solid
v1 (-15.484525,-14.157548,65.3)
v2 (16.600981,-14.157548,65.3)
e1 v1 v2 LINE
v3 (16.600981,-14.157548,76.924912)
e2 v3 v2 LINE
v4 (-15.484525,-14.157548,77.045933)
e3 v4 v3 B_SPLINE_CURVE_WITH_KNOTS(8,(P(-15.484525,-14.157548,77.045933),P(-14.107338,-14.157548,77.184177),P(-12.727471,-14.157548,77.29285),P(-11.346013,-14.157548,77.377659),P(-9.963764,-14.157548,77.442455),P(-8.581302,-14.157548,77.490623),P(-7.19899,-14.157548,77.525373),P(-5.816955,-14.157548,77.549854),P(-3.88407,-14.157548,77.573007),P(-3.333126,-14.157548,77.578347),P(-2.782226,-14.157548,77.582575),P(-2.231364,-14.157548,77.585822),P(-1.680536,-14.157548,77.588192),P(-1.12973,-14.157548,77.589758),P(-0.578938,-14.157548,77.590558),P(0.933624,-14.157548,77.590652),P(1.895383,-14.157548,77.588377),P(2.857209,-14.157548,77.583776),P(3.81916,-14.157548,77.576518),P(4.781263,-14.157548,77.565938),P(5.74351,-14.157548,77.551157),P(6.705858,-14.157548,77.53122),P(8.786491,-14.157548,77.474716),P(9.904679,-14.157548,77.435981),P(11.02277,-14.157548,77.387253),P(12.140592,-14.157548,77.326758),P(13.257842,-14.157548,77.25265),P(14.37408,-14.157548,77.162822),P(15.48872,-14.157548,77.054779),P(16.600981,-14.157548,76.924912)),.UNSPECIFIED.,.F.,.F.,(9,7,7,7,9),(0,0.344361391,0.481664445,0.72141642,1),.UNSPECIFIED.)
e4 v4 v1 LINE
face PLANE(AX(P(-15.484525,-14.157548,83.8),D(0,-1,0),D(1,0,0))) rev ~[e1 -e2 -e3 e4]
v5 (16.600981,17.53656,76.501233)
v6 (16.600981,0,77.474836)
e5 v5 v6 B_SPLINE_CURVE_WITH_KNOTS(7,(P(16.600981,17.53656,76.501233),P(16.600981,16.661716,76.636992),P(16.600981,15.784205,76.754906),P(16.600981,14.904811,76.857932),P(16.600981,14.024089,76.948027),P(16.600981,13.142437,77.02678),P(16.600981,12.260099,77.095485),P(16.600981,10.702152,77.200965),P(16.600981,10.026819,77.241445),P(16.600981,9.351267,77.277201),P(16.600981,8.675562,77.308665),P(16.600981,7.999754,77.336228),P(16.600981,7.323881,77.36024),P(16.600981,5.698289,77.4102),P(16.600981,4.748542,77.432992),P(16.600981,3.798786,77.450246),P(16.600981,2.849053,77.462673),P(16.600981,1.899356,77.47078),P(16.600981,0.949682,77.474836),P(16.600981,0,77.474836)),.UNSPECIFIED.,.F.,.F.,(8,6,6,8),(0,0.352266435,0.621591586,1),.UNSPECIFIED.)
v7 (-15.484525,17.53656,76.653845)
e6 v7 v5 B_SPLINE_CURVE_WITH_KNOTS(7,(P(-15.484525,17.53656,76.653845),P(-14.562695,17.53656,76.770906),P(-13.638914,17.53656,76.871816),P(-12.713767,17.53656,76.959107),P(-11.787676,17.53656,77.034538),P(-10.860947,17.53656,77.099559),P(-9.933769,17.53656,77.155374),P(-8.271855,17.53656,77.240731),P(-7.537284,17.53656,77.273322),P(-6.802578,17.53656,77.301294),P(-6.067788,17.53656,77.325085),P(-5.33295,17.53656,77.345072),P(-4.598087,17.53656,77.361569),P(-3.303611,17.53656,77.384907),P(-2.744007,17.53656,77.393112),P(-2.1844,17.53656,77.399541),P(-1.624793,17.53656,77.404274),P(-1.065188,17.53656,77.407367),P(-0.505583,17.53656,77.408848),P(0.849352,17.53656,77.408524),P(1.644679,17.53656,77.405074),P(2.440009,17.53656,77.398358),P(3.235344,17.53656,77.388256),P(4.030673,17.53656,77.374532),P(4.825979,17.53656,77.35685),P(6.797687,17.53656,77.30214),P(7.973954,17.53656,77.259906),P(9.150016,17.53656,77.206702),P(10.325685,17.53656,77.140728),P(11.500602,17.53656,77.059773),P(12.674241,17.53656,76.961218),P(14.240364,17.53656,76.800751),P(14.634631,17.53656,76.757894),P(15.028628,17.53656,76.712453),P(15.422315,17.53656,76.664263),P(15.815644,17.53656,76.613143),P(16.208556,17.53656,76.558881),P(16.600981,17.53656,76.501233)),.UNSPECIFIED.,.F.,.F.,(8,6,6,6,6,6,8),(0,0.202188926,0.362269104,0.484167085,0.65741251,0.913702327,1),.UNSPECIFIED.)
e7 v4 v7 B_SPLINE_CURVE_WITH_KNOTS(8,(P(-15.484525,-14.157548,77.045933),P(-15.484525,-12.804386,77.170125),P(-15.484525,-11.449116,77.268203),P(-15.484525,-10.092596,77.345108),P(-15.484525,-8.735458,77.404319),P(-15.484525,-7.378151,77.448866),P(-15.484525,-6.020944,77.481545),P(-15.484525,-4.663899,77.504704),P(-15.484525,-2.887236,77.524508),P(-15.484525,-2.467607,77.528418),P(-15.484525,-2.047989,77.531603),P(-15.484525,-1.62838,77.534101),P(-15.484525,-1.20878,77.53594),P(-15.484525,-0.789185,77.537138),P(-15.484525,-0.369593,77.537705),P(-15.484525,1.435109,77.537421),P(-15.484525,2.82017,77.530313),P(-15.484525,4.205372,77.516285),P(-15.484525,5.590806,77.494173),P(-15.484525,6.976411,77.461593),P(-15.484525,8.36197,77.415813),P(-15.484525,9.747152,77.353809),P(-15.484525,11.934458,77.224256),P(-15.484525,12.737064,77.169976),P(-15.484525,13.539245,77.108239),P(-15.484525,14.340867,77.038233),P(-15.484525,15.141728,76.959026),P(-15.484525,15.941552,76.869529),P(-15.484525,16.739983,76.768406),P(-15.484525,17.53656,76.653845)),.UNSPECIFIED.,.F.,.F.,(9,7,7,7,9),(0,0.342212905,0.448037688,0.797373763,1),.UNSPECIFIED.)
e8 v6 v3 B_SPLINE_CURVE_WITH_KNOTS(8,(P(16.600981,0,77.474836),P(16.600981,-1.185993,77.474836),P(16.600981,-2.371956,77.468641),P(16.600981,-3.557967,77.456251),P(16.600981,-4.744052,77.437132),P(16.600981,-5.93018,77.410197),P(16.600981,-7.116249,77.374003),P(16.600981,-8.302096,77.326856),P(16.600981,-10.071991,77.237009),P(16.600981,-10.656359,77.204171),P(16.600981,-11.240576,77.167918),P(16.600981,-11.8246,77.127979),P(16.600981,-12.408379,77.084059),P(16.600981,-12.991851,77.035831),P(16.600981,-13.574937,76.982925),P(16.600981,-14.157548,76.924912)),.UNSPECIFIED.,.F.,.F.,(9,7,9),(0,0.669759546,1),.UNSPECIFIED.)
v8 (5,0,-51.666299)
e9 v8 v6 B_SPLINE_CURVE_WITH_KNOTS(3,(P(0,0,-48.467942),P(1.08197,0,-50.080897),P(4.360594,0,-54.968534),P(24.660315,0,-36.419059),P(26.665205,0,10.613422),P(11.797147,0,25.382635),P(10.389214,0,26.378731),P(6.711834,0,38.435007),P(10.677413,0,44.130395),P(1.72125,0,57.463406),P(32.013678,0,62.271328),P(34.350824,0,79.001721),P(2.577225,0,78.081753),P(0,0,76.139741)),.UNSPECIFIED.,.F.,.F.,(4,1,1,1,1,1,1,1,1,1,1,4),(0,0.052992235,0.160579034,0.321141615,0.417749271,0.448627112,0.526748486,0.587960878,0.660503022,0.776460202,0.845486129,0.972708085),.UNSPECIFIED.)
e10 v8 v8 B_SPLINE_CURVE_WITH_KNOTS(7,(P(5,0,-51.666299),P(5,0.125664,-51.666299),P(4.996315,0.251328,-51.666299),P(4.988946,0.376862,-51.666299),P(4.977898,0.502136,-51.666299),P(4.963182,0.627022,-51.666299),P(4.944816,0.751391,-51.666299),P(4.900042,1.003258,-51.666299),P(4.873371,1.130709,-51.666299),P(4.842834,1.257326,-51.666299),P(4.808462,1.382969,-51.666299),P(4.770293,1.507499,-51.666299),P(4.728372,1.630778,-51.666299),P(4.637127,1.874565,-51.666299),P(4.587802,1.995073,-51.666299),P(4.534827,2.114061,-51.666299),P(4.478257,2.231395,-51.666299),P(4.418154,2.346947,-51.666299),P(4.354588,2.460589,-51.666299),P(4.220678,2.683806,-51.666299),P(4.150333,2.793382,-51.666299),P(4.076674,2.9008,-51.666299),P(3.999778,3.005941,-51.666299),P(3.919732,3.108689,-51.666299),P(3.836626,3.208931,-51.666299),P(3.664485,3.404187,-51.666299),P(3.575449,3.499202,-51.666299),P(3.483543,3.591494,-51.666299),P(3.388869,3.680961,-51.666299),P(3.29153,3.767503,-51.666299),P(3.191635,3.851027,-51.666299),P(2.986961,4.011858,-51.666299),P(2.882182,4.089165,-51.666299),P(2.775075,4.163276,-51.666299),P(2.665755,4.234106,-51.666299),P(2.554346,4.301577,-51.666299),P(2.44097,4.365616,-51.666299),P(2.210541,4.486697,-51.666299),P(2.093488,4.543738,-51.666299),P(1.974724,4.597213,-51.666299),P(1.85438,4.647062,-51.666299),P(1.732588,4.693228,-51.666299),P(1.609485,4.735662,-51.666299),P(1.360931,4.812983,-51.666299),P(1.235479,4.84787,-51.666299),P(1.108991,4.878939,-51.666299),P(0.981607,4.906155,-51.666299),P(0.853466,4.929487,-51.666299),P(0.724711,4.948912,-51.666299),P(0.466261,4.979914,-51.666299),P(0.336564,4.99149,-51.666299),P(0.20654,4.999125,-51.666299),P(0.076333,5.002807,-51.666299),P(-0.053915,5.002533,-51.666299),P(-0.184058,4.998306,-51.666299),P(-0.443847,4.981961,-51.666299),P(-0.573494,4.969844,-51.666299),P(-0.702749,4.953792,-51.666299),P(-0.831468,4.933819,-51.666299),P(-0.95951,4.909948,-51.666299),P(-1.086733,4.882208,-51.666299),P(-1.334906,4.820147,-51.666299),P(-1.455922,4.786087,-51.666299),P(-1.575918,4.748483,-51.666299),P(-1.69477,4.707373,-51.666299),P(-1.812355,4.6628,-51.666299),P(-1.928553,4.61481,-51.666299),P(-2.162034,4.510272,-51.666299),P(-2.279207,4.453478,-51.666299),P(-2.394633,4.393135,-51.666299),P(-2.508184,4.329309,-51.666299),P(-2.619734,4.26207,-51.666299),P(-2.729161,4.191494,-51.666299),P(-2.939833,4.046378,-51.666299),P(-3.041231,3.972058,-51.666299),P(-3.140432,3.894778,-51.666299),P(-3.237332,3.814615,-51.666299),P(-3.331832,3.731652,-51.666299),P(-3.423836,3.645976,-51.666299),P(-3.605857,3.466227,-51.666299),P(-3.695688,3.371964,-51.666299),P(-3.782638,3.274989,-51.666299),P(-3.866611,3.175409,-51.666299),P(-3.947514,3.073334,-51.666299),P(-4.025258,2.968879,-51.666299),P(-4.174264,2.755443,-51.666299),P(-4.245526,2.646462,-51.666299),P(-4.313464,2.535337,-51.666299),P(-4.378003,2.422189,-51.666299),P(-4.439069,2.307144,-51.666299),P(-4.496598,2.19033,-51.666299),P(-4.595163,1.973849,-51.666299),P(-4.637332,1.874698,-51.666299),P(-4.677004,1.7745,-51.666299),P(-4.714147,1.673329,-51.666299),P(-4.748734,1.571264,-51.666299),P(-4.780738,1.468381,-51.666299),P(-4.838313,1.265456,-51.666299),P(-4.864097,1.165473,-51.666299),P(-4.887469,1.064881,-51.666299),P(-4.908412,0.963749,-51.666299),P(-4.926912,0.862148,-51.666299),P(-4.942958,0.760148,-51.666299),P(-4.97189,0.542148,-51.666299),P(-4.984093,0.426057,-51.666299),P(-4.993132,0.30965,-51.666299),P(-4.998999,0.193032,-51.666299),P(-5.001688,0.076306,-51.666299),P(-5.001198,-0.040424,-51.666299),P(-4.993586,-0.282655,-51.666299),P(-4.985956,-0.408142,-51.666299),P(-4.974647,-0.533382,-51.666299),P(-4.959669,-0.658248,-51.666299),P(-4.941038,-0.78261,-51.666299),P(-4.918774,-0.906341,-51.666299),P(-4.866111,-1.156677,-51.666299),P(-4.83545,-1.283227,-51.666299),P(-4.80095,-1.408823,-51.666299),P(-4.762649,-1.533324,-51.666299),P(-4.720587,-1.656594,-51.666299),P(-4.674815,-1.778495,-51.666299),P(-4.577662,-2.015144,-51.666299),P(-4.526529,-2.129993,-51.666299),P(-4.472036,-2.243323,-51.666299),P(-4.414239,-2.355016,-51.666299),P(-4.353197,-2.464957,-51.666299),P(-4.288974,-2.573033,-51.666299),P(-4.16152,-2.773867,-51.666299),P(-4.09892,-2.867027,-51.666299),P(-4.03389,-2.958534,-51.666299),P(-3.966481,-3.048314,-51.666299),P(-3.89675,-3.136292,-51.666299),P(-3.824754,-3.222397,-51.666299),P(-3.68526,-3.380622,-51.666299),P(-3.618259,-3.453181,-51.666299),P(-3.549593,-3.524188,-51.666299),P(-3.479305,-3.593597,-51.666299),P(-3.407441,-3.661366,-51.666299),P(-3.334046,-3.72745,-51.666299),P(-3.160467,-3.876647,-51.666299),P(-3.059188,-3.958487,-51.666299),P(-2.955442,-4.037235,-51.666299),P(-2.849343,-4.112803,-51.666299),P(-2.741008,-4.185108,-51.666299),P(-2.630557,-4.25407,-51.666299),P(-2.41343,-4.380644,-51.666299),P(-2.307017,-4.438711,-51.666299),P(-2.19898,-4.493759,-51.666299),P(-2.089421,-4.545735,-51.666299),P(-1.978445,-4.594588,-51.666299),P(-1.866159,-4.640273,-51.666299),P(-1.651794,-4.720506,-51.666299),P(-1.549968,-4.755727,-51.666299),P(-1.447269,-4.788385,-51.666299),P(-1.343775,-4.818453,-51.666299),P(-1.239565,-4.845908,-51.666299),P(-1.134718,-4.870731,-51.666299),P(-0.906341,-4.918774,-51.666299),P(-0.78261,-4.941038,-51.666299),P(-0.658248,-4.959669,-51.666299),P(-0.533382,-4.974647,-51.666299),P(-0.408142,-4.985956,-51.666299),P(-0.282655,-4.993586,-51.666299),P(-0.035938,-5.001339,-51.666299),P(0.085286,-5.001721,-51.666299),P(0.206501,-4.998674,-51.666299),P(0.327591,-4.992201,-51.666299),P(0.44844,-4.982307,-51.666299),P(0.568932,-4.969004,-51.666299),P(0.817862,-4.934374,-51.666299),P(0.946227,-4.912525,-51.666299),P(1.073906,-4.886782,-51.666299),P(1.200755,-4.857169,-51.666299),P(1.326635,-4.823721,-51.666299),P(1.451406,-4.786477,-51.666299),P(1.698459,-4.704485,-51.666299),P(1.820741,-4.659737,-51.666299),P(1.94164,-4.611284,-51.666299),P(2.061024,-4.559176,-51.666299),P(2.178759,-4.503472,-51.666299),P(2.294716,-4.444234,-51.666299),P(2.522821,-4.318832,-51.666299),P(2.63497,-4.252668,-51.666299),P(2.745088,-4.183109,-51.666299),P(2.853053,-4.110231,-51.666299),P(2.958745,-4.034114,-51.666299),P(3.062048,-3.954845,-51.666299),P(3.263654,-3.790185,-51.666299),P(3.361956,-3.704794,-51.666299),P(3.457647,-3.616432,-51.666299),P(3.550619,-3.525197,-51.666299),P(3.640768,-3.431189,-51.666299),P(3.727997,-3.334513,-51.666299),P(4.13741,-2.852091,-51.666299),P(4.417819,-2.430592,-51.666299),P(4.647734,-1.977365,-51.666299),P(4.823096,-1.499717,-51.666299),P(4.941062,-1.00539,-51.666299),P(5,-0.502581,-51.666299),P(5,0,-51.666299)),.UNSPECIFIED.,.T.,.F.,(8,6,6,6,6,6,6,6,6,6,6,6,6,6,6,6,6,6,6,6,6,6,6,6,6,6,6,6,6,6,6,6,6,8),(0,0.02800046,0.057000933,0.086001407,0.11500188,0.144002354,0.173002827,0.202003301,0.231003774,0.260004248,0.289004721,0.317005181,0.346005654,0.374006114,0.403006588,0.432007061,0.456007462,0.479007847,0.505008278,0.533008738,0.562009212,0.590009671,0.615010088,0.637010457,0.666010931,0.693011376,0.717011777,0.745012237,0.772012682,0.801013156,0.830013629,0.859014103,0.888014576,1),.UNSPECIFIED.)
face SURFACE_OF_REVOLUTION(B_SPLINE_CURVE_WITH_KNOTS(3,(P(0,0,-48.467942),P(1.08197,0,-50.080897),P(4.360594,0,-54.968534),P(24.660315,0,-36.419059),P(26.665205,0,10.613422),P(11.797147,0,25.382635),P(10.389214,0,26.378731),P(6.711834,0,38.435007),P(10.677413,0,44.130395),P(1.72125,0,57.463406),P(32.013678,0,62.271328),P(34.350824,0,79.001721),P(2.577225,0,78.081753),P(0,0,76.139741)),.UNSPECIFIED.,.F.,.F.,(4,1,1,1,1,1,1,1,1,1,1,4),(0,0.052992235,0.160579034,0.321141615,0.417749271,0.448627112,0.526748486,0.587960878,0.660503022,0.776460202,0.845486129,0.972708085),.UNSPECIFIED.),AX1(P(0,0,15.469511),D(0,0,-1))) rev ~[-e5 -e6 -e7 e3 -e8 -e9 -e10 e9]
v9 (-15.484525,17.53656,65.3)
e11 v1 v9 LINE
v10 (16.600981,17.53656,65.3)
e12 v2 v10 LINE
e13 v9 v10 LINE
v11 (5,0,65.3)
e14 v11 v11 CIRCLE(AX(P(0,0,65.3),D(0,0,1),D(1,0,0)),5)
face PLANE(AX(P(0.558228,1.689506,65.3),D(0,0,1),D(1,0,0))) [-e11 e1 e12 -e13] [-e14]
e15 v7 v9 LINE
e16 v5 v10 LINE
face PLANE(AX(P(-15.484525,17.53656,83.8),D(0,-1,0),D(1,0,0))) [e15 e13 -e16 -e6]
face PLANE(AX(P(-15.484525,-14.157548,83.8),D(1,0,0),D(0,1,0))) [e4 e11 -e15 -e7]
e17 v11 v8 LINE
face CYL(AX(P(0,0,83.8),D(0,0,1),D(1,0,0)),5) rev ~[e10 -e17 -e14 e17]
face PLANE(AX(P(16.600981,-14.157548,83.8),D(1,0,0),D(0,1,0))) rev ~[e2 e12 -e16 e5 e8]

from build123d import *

# Parameters (mm, degrees)
F3_W     = 32.0855062455
F3_H     = 31.694107689
F4_DEPTH = 18.5
F5_R     = 5
F6_DEPTH = 172.9


with BuildPart() as f1:
    # F0 (on Front) → F1 (revolve)
    with BuildSketch(Plane.XZ):
        with BuildLine():
            Line((0, 76.1397406459), (0, 74.7660771012))
            Line((0, 74.7660771012), (0, -48.4679415822))
            add(Edge.make_bspline(
                [(0, -48.4679415822), (1.08196968, -50.0808969928), (4.3605942772, -54.9685342168), (24.6603145313, -36.419058951), (26.6652045018, 10.6134220282), (11.7971467763, 25.3826350696), (10.3892143692, 26.3787310574), (6.7118340158, 38.435006696), (10.6774127447, 44.1303949518), (1.721249837, 57.4634062624), (32.0136776372, 62.2713275471), (34.3508236047, 79.0017212819), (2.5772251559, 78.0817526941), (0, 76.1397406459)],
                knots=[0, 0, 0, 0, 0.0529922354, 0.1605790343, 0.3211416148, 0.4177492714, 0.4486271125, 0.5267484863, 0.5879608779, 0.6605030222, 0.7764602024, 0.8454861286, 0.9727080848, 0.9727080848, 0.9727080848, 0.9727080848], degree=3))
        make_face()
    revolve(axis=Axis((0, 0, 15.4695112284), (0, 0, -1)))

    # F3 (on offset) → F4 (cut)
    with BuildSketch(Plane.XY.offset(83.8)):
        with Locations((0.558228232, 1.689506229)):
            Rectangle(F3_W, F3_H)
    extrude(amount=-F4_DEPTH, mode=Mode.SUBTRACT)

    # F5 (on offset) → F6 (cut)
    with BuildSketch(Plane.XY.offset(83.8)):
        Circle(F5_R)
    extrude(amount=-F6_DEPTH, mode=Mode.SUBTRACT)


solid = f1.part
